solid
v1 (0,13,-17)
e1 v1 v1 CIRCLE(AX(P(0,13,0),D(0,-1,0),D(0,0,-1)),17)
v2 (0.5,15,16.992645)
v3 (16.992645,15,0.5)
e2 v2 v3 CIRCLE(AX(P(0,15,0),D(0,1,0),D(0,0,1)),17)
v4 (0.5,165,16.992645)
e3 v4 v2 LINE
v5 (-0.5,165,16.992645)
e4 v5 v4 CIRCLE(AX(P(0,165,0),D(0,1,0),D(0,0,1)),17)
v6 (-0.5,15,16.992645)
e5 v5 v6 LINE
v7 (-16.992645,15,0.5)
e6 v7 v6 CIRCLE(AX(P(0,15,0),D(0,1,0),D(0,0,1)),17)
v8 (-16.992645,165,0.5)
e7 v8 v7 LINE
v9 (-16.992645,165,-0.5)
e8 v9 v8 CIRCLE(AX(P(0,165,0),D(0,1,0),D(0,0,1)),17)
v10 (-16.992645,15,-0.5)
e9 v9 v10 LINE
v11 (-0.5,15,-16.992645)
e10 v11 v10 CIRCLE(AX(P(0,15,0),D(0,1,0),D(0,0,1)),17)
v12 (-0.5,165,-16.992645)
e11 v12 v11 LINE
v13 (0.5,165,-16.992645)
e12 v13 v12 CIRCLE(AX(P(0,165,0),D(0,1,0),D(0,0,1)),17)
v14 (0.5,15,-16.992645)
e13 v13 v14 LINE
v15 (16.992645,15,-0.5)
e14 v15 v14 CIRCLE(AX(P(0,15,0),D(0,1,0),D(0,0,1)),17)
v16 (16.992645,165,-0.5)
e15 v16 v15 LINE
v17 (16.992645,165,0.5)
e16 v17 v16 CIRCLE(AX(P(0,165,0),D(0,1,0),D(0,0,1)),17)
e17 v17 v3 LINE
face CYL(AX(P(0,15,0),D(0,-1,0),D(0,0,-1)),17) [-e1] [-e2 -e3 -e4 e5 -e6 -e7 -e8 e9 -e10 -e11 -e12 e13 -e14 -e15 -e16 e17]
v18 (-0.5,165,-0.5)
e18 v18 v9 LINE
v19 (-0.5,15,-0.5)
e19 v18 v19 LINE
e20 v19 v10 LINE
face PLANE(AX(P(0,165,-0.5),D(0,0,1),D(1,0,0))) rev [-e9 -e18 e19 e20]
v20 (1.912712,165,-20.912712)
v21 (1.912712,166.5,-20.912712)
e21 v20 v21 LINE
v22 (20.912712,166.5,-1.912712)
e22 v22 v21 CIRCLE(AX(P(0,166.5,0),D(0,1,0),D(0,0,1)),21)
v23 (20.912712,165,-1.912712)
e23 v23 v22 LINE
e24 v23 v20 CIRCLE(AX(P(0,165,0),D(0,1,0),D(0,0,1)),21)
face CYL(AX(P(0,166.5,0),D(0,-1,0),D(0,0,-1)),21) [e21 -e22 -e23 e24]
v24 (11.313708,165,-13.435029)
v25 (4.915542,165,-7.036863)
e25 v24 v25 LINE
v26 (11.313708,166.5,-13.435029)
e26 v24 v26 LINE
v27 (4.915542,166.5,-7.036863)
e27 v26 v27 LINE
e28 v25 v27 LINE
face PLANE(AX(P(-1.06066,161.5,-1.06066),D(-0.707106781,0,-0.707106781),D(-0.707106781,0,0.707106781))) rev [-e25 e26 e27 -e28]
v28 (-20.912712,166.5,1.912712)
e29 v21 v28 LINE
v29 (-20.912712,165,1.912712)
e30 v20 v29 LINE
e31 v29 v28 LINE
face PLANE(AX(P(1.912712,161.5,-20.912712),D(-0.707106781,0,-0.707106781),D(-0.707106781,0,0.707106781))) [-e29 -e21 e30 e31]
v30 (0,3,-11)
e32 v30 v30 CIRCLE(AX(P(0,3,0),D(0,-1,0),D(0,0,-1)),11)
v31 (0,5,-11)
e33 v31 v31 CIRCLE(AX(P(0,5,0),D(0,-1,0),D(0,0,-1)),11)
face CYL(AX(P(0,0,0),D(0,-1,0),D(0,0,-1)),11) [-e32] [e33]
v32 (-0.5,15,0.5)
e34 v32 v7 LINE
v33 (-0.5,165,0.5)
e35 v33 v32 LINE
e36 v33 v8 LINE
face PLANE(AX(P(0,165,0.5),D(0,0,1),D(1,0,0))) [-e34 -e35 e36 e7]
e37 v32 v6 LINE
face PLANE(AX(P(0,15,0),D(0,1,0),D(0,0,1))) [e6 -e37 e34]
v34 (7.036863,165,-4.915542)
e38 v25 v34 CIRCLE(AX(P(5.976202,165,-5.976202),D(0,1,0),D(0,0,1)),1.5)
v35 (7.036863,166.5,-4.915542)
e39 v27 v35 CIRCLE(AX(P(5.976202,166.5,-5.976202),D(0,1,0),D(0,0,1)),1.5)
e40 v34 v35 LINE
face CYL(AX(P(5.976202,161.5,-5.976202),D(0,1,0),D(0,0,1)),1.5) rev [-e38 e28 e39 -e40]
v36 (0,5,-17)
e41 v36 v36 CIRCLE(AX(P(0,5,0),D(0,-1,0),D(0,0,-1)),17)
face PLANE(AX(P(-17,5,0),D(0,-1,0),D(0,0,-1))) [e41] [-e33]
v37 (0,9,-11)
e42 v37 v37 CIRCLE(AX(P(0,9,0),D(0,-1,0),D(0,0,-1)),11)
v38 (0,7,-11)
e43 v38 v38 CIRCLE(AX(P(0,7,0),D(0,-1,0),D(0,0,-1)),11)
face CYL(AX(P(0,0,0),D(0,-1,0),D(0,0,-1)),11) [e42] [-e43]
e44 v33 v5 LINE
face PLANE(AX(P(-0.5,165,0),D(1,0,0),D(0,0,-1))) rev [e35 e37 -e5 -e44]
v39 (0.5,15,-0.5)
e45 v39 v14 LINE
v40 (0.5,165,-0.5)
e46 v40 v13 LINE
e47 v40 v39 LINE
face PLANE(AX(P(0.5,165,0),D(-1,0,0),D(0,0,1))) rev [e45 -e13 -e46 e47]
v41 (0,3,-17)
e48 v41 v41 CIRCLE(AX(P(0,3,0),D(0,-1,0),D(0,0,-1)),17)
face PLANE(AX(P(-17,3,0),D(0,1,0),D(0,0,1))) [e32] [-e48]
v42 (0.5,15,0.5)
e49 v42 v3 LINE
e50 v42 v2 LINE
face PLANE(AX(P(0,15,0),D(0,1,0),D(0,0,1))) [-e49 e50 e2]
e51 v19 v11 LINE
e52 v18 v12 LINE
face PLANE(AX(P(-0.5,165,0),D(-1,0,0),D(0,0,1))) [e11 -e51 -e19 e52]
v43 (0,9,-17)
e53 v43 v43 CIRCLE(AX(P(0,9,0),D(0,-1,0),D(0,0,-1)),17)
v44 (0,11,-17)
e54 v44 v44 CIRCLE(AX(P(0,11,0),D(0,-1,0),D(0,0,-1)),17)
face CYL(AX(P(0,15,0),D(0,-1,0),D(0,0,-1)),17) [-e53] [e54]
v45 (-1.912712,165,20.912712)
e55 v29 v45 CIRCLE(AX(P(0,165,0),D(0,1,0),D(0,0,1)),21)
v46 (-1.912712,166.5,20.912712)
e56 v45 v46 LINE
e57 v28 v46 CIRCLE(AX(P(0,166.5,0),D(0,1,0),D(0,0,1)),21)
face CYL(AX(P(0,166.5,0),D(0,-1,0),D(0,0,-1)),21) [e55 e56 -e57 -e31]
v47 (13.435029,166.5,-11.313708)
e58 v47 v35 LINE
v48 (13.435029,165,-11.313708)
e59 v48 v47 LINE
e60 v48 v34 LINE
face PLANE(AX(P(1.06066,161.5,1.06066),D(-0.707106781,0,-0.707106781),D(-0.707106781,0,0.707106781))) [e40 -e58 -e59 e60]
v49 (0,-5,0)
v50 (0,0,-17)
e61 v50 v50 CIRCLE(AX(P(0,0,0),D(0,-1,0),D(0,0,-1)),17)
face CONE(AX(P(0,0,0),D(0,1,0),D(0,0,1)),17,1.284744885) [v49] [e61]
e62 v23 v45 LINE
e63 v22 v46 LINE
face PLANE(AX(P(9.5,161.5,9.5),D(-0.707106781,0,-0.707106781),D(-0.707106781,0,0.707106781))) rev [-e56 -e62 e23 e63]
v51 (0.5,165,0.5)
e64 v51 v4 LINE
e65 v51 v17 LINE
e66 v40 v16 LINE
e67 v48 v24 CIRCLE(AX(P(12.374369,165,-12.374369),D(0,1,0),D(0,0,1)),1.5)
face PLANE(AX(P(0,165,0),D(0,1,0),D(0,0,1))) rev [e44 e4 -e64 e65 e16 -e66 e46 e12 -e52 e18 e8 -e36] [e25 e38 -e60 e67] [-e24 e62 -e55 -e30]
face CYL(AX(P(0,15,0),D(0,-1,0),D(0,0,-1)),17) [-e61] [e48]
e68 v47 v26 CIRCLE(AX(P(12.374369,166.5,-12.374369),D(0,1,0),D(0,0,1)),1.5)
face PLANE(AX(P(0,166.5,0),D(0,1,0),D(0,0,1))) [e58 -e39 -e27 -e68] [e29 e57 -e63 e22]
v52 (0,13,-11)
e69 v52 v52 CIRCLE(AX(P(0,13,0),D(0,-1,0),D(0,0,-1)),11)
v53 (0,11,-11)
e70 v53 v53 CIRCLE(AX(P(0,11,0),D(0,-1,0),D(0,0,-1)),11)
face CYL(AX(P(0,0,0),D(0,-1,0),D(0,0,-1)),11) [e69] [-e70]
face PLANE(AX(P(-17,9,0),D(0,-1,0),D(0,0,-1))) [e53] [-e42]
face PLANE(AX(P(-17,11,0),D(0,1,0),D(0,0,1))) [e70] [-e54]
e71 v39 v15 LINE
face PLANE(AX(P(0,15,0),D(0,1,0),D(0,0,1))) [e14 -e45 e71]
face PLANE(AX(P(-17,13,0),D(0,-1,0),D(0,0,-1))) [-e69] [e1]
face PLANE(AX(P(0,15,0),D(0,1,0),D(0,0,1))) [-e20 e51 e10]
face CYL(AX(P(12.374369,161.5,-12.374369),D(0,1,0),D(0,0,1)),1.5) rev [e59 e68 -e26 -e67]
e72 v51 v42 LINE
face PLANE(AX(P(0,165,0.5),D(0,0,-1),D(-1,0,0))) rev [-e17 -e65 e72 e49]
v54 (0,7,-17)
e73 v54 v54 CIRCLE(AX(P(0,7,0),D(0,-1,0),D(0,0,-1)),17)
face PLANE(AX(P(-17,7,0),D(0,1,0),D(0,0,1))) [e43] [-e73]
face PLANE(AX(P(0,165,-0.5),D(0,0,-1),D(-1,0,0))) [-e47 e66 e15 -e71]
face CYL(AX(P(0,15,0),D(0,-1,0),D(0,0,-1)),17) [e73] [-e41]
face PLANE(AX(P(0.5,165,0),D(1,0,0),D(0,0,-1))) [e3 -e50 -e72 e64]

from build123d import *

# Parameters (mm, degrees)
SKETCH_1_R          = 17
EXTRUDE_1_DEPTH     = 15
SKETCH_2_W          = 6
SKETCH_2_H          = 2
EXTRUDE_2_DEPTH     = 150
SKETCH_5_R          = 21
EXTRUDE_3_DEPTH     = 1.5
CUT_EXTRUDE_START   = -5
CUT_EXTRUDE_1_DEPTH = 5


with BuildPart() as part:
    # 草图1 → 凸台-拉伸1 (new body)
    with BuildSketch(Plane(origin=(0, 0, 0), x_dir=(1, 0, 0), z_dir=(0, 1, 0))):
        with Locations(Location((0, 0, 0), (0, 0, 270))):
            Circle(SKETCH_1_R)
    extrude(amount=EXTRUDE_1_DEPTH)

    # 草图2 → 切除-旋转1 (revolve, cut)
    with BuildSketch(Plane.XY, mode=Mode.PRIVATE) as cut_revolve_1_sk:
        with Locations((-14, 12)):
            Rectangle(SKETCH_2_W, SKETCH_2_H)
        with Locations((-14, 8)):
            Rectangle(SKETCH_2_W, SKETCH_2_H)
        with Locations((-14, 4)):
            Rectangle(SKETCH_2_W, SKETCH_2_H)
    revolve(cut_revolve_1_sk.sketch.rotate(Axis((0, 0, 0), (0, 1, 0)), 270), axis=Axis((0, 0, 0), (0, 1, 0)), mode=Mode.SUBTRACT)

    # 草图3 → 旋转2 (revolve)
    with BuildSketch(Plane.XY, mode=Mode.PRIVATE) as revolve_2_sk:
        Polygon((0, 0), (-17, 0), (0, -5), align=None)
    revolve(revolve_2_sk.sketch.rotate(Axis((0, 0, 0), (0, 1, 0)), 270), axis=Axis((0, 0, 0), (0, 1, 0)))

    # 草图4 → 凸台-拉伸2 (add)
    with BuildSketch(Plane(origin=(0, 15, 0), x_dir=(1, 0, 0), z_dir=(0, 1, 0))):
        with BuildLine():
            Line((-0.5, 16.992645468), (-0.5, 0.5))
            Line((-0.5, 0.5), (-16.992645468, 0.5))
            ThreePointArc((-16.992645468, 0.5), (-17, 0), (-16.992645468, -0.5))
            Line((-16.992645468, -0.5), (-0.5, -0.5))
            Line((-0.5, -0.5), (-0.5, -16.992645468))
            ThreePointArc((-0.5, -16.992645468), (0, -17), (0.5, -16.992645468))
            Line((0.5, -16.992645468), (0.5, -0.5))
            Line((0.5, -0.5), (16.992645468, -0.5))
            ThreePointArc((16.992645468, -0.5), (17, 0), (16.992645468, 0.5))
            Line((16.992645468, 0.5), (0.5, 0.5))
            Line((0.5, 0.5), (0.5, 16.992645468))
            ThreePointArc((0.5, 16.992645468), (0, 17), (-0.5, 16.992645468))
        make_face()
    extrude(amount=EXTRUDE_2_DEPTH)

    # 草图5 → 凸台-拉伸3 (add)
    with BuildSketch(Plane(origin=(0, 165, 0), x_dir=(1, 0, 0), z_dir=(0, 1, 0))):
        with Locations(Location((0, 0, 0), (0, 0, 270))):
            Circle(SKETCH_5_R)
    extrude(amount=EXTRUDE_3_DEPTH)

    # 草图7 → 切除-拉伸1 (cut)
    with BuildSketch(Plane(origin=(0, 166.5, 0), x_dir=(1, 0, 0), z_dir=(0, 1, 0)).offset(CUT_EXTRUDE_START)):
        with BuildLine():
            ThreePointArc((21, 0), (20.978166703, 0.957351445), (20.912712211, 1.912712211))
            Line((20.912712211, 1.912712211), (19, 0))
            Line((19, 0), (-1.912712211, -20.912712211))
            ThreePointArc((-1.912712211, -20.912712211), (14.156854234, -15.510753631), (21, 0))
        make_face()
        with BuildLine():
            Line((11.313708499, 13.435028843), (4.915542193, 7.036862537))
            ThreePointArc((4.915542193, 7.036862537), (4.915542193, 4.915542193), (7.036862537, 4.915542193))
            Line((7.036862537, 4.915542193), (13.435028843, 11.313708499))
            ThreePointArc((13.435028843, 11.313708499), (13.435028843, 13.435028843), (11.313708499, 13.435028843))
        make_face()
        with BuildLine():
            Line((1.912712211, 20.912712211), (-20.912712211, -1.912712211))
            ThreePointArc((-20.912712211, -1.912712211), (-14.849242405, 14.849242405), (1.912712211, 20.912712211))
        make_face()
    extrude(amount=CUT_EXTRUDE_1_DEPTH, mode=Mode.SUBTRACT)


solid = part.part
